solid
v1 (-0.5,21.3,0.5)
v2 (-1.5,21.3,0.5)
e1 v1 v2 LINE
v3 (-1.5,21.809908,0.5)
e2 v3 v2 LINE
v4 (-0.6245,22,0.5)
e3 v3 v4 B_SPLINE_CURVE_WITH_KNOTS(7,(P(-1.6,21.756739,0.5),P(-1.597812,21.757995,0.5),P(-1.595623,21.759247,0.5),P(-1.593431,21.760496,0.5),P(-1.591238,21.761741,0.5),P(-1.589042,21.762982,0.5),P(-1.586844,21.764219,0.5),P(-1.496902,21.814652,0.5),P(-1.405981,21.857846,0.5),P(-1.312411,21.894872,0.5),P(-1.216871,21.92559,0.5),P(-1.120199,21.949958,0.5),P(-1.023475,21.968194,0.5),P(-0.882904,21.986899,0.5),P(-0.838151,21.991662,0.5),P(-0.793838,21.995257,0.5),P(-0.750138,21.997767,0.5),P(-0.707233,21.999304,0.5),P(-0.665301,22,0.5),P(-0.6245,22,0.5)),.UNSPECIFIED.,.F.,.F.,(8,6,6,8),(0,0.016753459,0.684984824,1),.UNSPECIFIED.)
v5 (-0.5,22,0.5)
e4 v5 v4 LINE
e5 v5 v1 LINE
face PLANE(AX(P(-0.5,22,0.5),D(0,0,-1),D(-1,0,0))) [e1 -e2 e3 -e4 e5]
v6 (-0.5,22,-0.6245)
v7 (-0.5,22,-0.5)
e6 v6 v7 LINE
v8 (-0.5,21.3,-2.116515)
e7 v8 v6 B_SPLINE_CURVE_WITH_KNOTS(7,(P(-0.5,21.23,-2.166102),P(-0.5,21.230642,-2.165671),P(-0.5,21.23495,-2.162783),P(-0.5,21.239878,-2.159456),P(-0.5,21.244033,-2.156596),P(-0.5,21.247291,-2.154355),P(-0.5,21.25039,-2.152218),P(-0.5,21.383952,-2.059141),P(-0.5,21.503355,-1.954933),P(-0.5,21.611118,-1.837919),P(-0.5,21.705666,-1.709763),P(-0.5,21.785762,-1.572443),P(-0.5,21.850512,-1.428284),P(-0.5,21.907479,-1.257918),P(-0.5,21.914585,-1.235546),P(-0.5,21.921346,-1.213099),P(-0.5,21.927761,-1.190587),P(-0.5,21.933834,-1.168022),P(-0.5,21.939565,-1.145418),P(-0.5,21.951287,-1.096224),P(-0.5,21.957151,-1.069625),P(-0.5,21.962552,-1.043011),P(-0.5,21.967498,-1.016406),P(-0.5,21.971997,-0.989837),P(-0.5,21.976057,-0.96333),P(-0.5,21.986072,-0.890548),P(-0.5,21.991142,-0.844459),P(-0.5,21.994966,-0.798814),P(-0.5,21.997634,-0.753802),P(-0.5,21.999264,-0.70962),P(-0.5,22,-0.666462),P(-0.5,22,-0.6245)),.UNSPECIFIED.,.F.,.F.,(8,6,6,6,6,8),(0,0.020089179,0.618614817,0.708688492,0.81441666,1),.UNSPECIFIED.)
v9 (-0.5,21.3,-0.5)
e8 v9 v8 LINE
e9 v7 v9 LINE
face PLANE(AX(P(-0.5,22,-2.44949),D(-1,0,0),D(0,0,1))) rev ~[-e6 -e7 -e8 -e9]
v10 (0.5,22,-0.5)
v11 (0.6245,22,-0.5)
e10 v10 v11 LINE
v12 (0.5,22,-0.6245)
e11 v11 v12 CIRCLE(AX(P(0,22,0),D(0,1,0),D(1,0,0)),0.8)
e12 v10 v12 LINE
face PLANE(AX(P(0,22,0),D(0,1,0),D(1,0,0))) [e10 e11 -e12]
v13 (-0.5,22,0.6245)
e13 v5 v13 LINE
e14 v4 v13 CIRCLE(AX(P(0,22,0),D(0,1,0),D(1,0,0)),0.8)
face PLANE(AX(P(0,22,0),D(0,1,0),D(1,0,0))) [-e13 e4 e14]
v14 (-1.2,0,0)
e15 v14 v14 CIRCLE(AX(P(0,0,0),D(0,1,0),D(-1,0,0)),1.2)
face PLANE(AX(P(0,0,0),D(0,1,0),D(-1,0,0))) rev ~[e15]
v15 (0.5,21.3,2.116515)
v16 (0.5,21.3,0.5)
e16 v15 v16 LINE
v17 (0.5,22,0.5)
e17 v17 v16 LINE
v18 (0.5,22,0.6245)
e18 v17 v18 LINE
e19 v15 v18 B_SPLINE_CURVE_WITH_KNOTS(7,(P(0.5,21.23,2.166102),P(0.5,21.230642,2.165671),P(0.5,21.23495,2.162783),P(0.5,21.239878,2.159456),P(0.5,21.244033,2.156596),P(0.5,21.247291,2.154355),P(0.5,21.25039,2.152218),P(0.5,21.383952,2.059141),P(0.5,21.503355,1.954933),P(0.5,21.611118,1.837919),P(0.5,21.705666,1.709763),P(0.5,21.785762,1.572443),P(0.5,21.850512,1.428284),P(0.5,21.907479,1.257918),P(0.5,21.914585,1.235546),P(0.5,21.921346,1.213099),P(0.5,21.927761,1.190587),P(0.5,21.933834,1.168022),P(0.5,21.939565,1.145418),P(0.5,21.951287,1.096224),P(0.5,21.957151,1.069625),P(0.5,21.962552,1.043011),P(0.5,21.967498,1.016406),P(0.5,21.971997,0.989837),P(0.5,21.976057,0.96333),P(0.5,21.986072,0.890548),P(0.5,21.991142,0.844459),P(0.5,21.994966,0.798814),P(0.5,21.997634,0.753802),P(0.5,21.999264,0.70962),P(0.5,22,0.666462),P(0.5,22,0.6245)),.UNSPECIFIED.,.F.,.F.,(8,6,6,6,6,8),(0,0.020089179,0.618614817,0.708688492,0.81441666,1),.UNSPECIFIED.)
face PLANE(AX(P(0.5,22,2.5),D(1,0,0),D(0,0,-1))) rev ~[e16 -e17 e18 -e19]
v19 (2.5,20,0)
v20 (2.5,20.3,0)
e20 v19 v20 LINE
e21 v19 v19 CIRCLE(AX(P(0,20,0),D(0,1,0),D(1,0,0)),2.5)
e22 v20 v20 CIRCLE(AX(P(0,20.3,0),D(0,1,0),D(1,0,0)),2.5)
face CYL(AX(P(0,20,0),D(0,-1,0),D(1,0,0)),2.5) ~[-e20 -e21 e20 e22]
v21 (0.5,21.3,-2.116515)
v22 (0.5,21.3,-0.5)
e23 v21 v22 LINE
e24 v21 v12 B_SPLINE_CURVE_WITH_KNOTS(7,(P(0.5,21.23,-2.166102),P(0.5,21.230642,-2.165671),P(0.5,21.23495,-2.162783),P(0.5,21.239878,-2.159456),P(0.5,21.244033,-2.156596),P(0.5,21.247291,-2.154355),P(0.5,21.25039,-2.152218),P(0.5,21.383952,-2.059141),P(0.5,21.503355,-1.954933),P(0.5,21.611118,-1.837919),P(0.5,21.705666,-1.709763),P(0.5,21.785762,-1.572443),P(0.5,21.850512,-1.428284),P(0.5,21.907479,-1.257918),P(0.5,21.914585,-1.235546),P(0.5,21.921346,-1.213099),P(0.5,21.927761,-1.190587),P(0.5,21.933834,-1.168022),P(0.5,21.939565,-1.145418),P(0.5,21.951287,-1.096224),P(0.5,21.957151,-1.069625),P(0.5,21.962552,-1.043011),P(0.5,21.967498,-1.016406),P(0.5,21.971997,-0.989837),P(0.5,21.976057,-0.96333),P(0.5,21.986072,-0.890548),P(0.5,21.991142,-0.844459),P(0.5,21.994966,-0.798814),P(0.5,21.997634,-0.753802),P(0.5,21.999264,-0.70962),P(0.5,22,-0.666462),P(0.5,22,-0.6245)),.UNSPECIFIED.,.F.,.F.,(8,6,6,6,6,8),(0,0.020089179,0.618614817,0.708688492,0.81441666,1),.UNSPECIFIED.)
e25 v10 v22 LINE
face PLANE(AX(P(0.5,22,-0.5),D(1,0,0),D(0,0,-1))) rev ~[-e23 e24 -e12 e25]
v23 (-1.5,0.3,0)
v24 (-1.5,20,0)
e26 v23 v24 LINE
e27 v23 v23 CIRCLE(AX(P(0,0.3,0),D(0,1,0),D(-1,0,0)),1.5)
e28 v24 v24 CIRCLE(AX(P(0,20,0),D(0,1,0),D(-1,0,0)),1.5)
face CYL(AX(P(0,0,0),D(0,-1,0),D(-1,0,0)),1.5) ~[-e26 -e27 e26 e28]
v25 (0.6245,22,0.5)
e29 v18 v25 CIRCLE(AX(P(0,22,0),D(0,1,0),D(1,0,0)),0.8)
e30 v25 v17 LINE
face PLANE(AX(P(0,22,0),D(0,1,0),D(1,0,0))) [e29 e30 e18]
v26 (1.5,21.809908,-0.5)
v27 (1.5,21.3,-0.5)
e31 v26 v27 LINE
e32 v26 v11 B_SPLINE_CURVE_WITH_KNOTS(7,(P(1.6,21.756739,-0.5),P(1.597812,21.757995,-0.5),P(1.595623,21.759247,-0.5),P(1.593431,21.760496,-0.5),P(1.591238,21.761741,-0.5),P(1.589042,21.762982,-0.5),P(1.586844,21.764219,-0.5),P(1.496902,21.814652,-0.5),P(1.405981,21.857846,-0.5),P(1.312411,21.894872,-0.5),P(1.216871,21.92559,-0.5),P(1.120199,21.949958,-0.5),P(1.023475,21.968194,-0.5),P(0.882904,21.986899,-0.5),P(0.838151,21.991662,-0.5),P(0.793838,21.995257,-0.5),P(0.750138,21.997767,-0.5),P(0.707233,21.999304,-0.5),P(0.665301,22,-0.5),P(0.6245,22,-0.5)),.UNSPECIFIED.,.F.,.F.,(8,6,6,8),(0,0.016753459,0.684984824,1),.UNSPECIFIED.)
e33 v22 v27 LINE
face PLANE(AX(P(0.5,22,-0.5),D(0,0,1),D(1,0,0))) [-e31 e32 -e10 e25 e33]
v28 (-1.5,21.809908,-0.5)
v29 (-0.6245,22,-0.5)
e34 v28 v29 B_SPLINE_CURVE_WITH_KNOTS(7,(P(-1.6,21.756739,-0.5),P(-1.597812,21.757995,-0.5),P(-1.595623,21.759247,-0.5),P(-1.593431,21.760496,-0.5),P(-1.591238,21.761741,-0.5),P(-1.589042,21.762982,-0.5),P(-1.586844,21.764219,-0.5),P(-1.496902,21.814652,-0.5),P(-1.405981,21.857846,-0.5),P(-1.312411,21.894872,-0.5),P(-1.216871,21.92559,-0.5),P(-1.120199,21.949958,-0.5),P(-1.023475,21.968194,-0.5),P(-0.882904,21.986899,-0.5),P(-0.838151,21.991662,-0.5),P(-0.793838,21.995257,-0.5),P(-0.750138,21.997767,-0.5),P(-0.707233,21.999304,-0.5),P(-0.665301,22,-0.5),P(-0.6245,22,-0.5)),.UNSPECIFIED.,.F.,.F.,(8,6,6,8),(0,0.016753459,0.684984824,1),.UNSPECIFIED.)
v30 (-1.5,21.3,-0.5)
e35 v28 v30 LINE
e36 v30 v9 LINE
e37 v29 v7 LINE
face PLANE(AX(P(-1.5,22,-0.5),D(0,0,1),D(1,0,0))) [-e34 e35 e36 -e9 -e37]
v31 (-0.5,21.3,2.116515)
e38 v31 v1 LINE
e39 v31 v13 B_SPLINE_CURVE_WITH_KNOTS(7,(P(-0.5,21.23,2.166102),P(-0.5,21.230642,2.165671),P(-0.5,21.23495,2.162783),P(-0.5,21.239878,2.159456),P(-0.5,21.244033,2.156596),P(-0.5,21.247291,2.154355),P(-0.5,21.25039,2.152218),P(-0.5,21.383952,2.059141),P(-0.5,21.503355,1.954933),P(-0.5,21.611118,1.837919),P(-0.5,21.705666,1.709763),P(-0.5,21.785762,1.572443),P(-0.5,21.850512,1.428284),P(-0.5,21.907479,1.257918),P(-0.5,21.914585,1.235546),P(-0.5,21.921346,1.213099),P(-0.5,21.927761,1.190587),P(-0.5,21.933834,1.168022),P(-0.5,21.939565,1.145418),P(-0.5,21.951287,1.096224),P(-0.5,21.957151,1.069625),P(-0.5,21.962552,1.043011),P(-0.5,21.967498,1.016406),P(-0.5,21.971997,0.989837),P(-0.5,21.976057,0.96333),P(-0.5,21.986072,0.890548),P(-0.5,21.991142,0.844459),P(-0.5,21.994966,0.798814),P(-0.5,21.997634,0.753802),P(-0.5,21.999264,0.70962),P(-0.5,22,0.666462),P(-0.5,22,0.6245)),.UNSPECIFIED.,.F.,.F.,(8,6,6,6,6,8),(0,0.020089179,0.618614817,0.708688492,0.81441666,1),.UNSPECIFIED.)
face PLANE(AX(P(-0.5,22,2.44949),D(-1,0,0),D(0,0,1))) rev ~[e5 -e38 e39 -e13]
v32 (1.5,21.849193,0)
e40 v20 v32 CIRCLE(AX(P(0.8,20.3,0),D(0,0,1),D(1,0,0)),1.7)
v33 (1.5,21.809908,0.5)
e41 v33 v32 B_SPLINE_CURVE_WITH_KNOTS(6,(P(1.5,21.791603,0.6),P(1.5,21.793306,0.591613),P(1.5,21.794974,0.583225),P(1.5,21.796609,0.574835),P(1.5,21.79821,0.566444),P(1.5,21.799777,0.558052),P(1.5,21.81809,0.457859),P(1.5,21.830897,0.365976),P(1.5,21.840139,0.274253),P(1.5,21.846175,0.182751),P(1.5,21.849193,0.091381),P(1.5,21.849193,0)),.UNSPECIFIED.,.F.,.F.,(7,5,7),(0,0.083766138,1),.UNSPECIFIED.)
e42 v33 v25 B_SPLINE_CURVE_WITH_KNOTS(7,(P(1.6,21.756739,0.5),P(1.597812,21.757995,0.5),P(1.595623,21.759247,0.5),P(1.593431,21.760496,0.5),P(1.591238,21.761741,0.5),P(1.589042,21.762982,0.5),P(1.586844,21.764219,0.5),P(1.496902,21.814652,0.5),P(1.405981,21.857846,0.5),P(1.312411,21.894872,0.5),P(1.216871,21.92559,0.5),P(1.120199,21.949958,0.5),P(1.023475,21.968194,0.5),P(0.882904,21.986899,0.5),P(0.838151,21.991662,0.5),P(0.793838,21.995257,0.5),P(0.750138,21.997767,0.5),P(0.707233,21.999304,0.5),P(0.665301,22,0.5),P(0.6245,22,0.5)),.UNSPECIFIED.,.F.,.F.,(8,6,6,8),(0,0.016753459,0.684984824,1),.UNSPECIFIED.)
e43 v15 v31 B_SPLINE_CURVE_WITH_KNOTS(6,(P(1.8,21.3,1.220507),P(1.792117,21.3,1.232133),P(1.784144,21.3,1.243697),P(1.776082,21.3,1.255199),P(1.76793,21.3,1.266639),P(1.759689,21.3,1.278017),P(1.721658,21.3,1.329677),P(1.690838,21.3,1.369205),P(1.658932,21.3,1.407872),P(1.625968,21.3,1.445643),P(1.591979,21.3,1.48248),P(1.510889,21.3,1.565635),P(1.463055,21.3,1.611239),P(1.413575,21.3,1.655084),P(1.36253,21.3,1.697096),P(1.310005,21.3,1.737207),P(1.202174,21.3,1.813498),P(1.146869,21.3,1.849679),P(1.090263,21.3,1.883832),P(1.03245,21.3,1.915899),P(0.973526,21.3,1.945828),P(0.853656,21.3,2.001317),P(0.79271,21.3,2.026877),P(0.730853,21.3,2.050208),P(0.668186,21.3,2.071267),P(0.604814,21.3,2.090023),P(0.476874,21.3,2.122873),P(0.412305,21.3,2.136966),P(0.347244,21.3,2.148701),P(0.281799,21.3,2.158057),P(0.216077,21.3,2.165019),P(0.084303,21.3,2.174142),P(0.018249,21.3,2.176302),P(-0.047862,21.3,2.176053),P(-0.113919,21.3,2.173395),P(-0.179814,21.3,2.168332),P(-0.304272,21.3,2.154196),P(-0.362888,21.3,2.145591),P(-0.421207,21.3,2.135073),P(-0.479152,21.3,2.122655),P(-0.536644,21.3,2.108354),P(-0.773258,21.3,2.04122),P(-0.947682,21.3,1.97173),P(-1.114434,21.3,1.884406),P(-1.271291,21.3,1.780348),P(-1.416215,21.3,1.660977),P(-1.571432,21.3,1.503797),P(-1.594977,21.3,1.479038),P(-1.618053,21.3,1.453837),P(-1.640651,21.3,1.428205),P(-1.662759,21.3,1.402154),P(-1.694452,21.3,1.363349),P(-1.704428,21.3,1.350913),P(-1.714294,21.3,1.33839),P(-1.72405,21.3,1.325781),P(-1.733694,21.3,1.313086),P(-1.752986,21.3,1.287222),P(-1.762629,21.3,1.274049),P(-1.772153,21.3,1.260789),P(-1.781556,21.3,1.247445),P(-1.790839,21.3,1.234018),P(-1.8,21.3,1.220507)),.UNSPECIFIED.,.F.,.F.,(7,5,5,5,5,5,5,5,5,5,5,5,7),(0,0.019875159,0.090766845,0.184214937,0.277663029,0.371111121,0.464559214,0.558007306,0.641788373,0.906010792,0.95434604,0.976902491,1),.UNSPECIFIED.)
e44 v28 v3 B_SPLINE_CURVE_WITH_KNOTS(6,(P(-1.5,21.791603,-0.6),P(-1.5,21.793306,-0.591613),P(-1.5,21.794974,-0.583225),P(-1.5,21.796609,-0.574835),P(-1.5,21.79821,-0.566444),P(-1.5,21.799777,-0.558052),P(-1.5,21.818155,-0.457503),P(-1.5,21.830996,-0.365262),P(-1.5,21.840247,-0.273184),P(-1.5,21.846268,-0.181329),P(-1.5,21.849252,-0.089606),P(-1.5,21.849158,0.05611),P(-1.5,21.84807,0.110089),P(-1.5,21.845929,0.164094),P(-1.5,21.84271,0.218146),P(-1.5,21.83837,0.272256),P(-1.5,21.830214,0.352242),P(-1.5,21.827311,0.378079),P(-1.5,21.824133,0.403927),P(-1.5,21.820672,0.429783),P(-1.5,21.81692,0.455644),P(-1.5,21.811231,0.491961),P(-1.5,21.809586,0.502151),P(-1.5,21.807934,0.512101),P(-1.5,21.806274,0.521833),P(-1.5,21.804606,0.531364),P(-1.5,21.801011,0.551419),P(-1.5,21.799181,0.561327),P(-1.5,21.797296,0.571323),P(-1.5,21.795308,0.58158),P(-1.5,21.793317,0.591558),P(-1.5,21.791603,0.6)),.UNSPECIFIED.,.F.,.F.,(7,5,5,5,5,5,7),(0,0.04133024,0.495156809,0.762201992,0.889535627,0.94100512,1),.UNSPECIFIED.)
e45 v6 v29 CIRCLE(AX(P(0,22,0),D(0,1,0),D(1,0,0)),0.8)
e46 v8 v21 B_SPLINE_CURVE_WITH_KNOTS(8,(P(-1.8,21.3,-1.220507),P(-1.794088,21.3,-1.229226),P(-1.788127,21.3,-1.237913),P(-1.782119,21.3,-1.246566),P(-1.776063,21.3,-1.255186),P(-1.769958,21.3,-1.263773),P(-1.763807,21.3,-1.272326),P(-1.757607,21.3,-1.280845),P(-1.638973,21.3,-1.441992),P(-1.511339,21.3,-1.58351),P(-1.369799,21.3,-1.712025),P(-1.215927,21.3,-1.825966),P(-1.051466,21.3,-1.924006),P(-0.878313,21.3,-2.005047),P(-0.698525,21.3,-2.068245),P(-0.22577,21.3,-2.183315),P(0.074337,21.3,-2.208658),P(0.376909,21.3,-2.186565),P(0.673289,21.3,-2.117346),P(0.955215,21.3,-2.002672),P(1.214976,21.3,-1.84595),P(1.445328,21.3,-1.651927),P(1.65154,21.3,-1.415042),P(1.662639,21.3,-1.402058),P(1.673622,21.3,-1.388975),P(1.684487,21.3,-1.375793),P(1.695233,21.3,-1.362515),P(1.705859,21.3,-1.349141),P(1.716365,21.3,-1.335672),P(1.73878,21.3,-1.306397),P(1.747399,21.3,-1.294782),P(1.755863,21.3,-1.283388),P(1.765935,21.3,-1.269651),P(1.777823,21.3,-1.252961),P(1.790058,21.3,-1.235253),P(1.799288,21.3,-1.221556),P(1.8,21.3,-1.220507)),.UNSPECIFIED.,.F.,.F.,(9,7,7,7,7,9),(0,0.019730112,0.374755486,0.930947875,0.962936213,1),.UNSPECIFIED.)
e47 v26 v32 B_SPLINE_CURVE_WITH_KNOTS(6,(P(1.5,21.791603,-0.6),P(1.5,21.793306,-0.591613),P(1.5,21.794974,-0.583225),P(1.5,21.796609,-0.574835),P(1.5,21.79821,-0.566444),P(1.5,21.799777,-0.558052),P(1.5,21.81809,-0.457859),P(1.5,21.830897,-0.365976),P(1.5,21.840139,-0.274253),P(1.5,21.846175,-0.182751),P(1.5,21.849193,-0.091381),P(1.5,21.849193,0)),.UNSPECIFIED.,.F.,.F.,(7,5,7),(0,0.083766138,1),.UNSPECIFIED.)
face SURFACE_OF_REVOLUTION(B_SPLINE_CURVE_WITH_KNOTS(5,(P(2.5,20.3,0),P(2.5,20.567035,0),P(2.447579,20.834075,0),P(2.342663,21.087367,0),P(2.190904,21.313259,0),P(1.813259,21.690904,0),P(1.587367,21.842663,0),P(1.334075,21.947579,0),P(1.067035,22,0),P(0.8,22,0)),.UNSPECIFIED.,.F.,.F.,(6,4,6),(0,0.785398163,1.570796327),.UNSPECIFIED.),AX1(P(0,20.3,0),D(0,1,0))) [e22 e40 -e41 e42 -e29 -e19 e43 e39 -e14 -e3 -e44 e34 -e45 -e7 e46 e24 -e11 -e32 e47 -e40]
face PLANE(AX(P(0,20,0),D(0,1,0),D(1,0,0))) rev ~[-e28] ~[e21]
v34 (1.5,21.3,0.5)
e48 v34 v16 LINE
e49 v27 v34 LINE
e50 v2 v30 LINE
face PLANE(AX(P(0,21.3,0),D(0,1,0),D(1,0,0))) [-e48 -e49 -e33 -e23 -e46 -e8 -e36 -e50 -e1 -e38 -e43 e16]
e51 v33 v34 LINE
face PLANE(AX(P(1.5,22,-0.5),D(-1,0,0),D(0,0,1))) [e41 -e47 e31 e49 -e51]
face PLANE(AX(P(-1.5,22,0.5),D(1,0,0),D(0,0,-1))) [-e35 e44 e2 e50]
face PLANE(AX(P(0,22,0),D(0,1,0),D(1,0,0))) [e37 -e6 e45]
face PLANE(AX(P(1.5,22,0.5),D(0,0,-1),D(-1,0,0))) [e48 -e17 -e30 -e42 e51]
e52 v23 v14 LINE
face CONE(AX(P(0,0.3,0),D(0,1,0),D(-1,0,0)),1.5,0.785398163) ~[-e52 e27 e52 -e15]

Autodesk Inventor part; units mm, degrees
ref_plane "YZ Plane" through (0, 0, 0) normal (1, 0, 0) x (0, 1, 0)
ref_plane "XZ Plane" through (0, 0, 0) normal (0, 1, 0) x (-1, 0, 0)
ref_plane "XY Plane" through (0, 0, 0) normal (0, 0, 1) x (1, 0, 0)
sketch "Sketch1" plane through (0, 0, 0) normal (0, 1, 0) x (-1, 0, 0)
  circle A0 centre (0, 0) radius 1.5
  dimension "d0" = 3
extrude "Extrusion1" add sketch "Sketch1" along normal blind 20
sketch "Sketch2" plane through (0, 20, 0) normal (0, 1, 0) x (1, 0, 0)
  circle A0 centre (0, 0) radius 2.5
  dimension "d3" = 5
extrude "Extrusion2" add sketch "Sketch2" along normal blind 2
fillet "Fillet1" radius 1.7 1 edges at (-2.5, 22, 0)
chamfer "Chamfer1" distance 0.3 angle 45 1 edges at (1.5, 0, 0)
thread "Thread1" size "M3x0.5" class "6g" standard "ANSI Metric M Profile" full length
sketch "Sketch3" plane through (0, 22, 0) normal (0, 1, 0) x (1, 0, 0)
  line L0 (0.5, -2.5) -> (0.5, 2.5)
  line L1 (0.5, 2.5) -> (-0.5, 2.5)
  line L2 (-0.5, 2.5) -> (-0.5, -2.5)
  line L3 (-0.5, -2.5) -> (0.5, -2.5)
  line L4 (0.5, -2.5) -> (-0.5, 2.5) construction
  line L5 (0.5, 2.5) -> (-0.5, -2.5) construction
  line L6 (1.5, -0.5) -> (-1.5, -0.5)
  line L7 (-1.5, -0.5) -> (-1.5, 0.5)
  line L8 (-1.5, 0.5) -> (1.5, 0.5)
  line L9 (1.5, 0.5) -> (1.5, -0.5)
  circle A0 centre (0, 0) radius 2.5 projected
  line L10 (1.5, -0.5) -> (-1.5, 0.5) construction
  line L11 (-1.5, -0.5) -> (1.5, 0.5) construction
  dimension "d12" = 1
  dimension "d13" = 3
  dimension "d14" = 1
extrude "Extrusion3" cut sketch "Sketch3" against normal blind 0.7 contours L3 A0 L0 | A0 L2 L6 L0 | L3 L2 A0 | L6 L2 L8 L0 | L0 L8 L9 L6 | L8 L2 A0 L0 | L6 L7 L8 L2 | A0 L1 L0 | L2 L1 A0
properties part number "M3x10 Screw Nylon" material "Steel"
